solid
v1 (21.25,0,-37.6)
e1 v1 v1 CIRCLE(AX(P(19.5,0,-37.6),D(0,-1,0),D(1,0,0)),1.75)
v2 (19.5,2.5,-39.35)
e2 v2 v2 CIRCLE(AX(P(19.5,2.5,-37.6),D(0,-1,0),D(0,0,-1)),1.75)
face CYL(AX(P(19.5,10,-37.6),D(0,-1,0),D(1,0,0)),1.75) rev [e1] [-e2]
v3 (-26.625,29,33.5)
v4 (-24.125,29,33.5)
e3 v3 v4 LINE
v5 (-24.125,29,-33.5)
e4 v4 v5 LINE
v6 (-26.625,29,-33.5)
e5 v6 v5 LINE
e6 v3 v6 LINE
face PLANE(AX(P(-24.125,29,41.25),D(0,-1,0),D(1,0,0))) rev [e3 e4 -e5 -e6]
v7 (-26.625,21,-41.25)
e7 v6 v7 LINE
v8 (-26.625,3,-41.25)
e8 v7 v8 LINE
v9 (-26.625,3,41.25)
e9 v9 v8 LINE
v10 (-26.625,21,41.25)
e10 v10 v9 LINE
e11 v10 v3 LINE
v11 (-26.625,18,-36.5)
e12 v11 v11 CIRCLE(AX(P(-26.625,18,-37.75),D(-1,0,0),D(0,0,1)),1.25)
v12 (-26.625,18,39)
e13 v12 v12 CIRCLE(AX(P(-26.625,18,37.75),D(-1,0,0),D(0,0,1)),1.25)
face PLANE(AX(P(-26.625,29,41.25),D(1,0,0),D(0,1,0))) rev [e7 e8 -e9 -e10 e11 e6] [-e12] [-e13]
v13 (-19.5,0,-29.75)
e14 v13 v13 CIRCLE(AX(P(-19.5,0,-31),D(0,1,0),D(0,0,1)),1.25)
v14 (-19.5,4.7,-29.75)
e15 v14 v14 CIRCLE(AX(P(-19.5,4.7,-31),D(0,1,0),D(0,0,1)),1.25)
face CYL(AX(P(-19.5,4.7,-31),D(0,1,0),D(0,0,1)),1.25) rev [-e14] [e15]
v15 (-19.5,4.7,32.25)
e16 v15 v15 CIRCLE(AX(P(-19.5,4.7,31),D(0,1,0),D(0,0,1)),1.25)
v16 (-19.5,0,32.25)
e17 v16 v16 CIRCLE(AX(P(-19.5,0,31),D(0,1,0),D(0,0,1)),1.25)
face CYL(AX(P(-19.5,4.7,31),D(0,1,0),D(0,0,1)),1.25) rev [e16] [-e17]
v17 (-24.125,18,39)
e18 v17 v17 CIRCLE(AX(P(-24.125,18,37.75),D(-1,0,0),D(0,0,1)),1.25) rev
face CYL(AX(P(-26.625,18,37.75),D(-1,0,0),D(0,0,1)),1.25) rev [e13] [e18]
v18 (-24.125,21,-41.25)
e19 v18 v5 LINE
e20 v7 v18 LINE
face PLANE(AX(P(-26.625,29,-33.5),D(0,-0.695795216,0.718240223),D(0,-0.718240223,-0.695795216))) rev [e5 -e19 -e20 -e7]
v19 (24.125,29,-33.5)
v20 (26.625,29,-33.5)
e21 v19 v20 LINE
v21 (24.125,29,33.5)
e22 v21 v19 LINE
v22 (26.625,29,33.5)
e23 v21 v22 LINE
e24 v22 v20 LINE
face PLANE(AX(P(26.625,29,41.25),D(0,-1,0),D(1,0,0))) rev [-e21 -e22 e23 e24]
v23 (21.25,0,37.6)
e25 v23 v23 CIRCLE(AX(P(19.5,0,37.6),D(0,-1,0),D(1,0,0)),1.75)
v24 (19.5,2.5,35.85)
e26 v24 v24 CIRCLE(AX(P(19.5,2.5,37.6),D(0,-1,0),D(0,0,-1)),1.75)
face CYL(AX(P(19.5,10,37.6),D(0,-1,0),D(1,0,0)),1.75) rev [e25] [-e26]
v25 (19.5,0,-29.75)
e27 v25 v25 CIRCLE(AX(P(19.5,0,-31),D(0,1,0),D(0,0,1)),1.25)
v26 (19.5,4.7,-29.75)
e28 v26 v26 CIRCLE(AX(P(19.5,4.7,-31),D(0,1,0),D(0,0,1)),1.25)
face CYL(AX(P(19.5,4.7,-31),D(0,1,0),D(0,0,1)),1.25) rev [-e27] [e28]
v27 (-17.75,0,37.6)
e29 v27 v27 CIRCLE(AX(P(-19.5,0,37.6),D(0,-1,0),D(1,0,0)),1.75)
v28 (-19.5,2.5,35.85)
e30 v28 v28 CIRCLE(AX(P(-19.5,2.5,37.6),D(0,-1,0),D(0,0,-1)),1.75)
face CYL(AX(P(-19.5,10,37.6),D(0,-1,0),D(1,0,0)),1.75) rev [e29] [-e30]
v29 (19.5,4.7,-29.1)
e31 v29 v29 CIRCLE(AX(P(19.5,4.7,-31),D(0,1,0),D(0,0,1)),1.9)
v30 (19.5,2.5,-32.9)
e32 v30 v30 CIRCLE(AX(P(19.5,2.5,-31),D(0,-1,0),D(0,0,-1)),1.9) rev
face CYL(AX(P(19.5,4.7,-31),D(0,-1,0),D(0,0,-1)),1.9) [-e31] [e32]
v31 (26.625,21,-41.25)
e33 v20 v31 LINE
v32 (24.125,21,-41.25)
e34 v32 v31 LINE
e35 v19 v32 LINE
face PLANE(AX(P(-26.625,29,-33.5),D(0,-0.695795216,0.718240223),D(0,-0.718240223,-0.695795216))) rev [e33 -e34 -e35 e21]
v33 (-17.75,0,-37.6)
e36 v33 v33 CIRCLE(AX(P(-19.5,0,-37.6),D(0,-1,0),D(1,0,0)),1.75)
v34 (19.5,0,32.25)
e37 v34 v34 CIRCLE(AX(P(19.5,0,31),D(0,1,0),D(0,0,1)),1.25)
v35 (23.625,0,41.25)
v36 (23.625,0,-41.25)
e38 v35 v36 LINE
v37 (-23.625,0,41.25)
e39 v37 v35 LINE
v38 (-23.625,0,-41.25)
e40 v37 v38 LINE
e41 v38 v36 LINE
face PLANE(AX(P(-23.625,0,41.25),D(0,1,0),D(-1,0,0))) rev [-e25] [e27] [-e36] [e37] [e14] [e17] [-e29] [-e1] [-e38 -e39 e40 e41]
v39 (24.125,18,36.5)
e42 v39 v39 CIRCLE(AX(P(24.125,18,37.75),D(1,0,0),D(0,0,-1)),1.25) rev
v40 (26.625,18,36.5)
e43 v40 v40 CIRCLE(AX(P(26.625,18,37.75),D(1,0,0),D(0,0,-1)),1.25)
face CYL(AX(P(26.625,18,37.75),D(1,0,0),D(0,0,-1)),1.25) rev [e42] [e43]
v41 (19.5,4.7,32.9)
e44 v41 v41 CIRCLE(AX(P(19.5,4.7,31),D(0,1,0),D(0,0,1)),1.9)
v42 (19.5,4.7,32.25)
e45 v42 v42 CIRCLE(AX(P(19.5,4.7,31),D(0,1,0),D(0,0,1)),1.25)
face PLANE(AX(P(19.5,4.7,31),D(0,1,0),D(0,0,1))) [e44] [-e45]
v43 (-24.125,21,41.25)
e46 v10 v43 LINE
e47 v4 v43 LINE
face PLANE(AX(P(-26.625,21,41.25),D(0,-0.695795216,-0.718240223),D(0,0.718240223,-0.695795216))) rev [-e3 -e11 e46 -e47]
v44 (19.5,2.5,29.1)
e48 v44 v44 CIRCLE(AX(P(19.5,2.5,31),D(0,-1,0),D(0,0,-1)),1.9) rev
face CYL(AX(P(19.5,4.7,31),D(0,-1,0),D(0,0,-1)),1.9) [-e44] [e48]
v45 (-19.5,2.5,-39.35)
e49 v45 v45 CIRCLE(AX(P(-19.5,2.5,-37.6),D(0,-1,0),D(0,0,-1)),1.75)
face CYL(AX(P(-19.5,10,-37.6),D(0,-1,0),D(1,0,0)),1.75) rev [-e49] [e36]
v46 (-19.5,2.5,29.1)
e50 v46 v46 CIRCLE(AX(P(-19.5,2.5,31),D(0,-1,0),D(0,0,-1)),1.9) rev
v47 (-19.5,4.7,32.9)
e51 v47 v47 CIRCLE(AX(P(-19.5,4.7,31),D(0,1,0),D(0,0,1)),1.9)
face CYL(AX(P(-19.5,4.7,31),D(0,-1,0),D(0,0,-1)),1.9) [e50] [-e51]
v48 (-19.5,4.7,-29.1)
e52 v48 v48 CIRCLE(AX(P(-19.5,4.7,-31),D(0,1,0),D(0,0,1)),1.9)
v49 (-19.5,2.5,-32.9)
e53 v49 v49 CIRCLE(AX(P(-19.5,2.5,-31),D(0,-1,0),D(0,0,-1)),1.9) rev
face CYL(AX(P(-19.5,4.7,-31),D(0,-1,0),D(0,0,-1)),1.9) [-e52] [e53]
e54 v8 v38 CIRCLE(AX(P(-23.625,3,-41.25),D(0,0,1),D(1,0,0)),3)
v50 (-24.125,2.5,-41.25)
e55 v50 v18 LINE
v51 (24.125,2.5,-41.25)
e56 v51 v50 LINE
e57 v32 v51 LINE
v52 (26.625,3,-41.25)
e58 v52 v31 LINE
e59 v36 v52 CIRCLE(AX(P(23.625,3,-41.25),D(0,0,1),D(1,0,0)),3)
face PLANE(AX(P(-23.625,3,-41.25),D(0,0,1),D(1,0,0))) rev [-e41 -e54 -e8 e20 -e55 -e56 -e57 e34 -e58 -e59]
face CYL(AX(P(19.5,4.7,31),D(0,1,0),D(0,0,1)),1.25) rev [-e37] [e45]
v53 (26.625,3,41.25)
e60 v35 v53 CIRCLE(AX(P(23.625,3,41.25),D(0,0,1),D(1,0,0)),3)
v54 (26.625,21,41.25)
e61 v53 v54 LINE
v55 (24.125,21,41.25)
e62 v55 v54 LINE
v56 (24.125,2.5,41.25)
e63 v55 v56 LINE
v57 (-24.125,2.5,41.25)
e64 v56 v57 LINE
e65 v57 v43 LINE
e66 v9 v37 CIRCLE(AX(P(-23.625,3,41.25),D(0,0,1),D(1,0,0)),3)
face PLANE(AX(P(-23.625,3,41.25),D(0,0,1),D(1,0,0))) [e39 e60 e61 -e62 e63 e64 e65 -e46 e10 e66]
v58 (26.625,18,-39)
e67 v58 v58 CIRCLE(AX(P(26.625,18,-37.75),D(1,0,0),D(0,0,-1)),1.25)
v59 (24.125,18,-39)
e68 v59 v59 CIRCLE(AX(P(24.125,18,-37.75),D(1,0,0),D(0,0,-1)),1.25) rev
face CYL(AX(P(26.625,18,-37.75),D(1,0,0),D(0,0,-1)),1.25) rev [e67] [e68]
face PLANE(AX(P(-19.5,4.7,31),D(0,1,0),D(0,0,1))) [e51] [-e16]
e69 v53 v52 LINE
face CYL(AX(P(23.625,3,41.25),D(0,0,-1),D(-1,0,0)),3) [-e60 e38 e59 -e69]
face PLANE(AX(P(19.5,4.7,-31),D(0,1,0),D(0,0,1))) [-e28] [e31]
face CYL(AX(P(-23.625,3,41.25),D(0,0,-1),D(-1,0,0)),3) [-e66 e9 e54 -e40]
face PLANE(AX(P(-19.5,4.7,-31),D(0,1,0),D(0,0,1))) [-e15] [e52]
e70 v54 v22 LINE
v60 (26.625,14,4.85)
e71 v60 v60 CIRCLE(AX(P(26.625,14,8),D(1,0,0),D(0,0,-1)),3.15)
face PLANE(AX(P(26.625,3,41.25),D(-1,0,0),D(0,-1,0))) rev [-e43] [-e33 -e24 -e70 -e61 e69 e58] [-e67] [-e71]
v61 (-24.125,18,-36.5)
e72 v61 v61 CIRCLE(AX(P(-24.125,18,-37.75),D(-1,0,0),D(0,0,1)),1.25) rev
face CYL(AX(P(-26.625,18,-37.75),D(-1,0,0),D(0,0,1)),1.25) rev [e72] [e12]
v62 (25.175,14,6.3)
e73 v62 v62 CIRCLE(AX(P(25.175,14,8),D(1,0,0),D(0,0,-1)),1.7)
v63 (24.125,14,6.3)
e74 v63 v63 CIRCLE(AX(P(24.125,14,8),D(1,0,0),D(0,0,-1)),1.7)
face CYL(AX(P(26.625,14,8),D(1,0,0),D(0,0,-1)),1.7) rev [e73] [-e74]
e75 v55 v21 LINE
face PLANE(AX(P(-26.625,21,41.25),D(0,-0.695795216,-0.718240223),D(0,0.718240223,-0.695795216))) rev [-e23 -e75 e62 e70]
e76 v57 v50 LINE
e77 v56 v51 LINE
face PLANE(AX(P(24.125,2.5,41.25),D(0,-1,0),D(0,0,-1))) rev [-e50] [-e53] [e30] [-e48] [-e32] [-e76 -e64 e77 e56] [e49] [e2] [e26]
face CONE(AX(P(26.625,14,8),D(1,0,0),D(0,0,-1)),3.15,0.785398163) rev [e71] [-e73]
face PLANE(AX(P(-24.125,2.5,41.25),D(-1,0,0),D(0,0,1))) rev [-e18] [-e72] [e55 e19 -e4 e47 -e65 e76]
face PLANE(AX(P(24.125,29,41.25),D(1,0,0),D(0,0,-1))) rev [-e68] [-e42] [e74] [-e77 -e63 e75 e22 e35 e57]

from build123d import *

# Parameters (mm, degrees)
EXTRUDE_1_DEPTH               = 41.25
CUT_EXTRUDE_1_DEPTH           = 58.02151458
CUT_EXTRUDE_1_DEPTH_BACK      = 58.02151458
SKETCH_4_R                    = 1.75
CUT_EXTRUDE_2_DEPTH           = 10
HOLE_WIZARD_M31_REACH         = 75.336
HOLE_WIZARD_M31_BORE_R        = 1.25
HOLE_WIZARD_M32_D             = 2.5
SKETCH_10_R                   = 1.9
EXTRUDE_2_DEPTH               = 2.2
HOLE_WIZARD_M33_D             = 2.5
HOLE_WIZARD_M31_2_D           = 3.4
HOLE_WIZARD_M31_2_DEPTH       = 8.5
HOLE_WIZARD_M31_2_CSINK_D     = 6.3
HOLE_WIZARD_M31_2_CSINK_ANGLE = 90
HOLE_WIZARD_M31_2_TIP         = 1.021463052


with BuildPart() as part:
    # Эскиз1 → Бобышка-Вытянуть1 (new, symmetric)
    with BuildSketch(Plane.XY):
        with BuildLine():
            Line((-26.625, 29), (-26.625, 3))
            ThreePointArc((-26.625, 3), (-25.746320344, 0.878679656), (-23.625, 0))
            Line((-23.625, 0), (23.625, 0))
            ThreePointArc((23.625, 0), (25.746320344, 0.878679656), (26.625, 3))
            Line((26.625, 3), (26.625, 29))
            Line((26.625, 29), (24.125, 29))
            Line((24.125, 29), (24.125, 2.5))
            Line((24.125, 2.5), (-24.125, 2.5))
            Line((-24.125, 2.5), (-24.125, 29))
            Line((-24.125, 29), (-26.625, 29))
        make_face()
    extrude(amount=EXTRUDE_1_DEPTH, both=True)

    # Эскиз3 → Вырез-Вытянуть1 (cut, two sides: drawn at the far end of the back side and taken through both)
    with BuildSketch(Plane(origin=(0, 0, 0), x_dir=(0, 0, -1), z_dir=(1, 0, 0)).offset(-CUT_EXTRUDE_1_DEPTH_BACK)):
        Polygon((41.25, 21), (41.25, 29), (33.5, 29), align=None)
        Polygon((-41.25, 21), (-41.25, 29), (-33.5, 29), align=None)
    extrude(amount=CUT_EXTRUDE_1_DEPTH + CUT_EXTRUDE_1_DEPTH_BACK, mode=Mode.SUBTRACT)

    # Эскиз4 → Вырез-Вытянуть2 (cut)
    with BuildSketch(Plane.XZ):
        with Locations((-19.5, -37.6)):
            Circle(SKETCH_4_R)
        with Locations((-19.5, 37.6)):
            Circle(SKETCH_4_R)
        with Locations((19.5, 37.6)):
            Circle(SKETCH_4_R)
        with Locations((19.5, -37.6)):
            Circle(SKETCH_4_R)
    extrude(amount=-CUT_EXTRUDE_2_DEPTH, mode=Mode.SUBTRACT)

    # Hole Wizard M31 bore → Hole Wizard M31 (cut, up to next)
    with BuildSketch(Plane(origin=(26.625, 0, 0), x_dir=(0, 0, -1), z_dir=(1, 0, 0)), mode=Mode.PRIVATE) as hole_wizard_m31_sk1:
        with Locations((37.75, 18)):
            Circle(HOLE_WIZARD_M31_BORE_R)
    hole_wizard_m31_tool1 = extrude(hole_wizard_m31_sk1.sketch, amount=-HOLE_WIZARD_M31_REACH, mode=Mode.PRIVATE) & part.part
    # Hole Wizard M31 bore → Hole Wizard M31 (cut, up to next)
    with BuildSketch(Plane(origin=(26.625, 0, 0), x_dir=(0, 0, -1), z_dir=(1, 0, 0)), mode=Mode.PRIVATE) as hole_wizard_m31_sk2:
        with Locations((-37.75, 18)):
            Circle(HOLE_WIZARD_M31_BORE_R)
    hole_wizard_m31_tool2 = extrude(hole_wizard_m31_sk2.sketch, amount=-HOLE_WIZARD_M31_REACH, mode=Mode.PRIVATE) & part.part
    add(hole_wizard_m31_tool1.solids().sort_by_distance((26.625, 18, -37.75))[0], mode=Mode.SUBTRACT)
    add(hole_wizard_m31_tool2.solids().sort_by_distance((26.625, 18, 37.75))[0], mode=Mode.SUBTRACT)

    # Отверстие обработанное метчиком M32 (through all)
    with Locations(Plane.ZY.offset(26.625)):
        with Locations((-37.75, 18), (37.75, 18)):
            Hole(HOLE_WIZARD_M32_D / 2)

    # Эскиз10 → Бобышка-Вытянуть2 (add)
    with BuildSketch(Plane(origin=(0, 2.5, 0), x_dir=(1, 0, 0), z_dir=(0, 1, 0))):
        with Locations(Location((19.5, 31, 0), (0, 0, 90))):
            Circle(SKETCH_10_R)
        with Locations(Location((19.5, -31, 0), (0, 0, 90))):
            Circle(SKETCH_10_R)
        with Locations(Location((-19.5, -31, 0), (0, 0, 90))):
            Circle(SKETCH_10_R)
        with Locations(Location((-19.5, 31, 0), (0, 0, 90))):
            Circle(SKETCH_10_R)
    extrude(amount=EXTRUDE_2_DEPTH)

    # Отверстие обработанное метчиком M33 (through all)
    with Locations(Plane(origin=(0, 4.7, 0), x_dir=(1, 0, 0), z_dir=(0, 1, 0))):
        with Locations((19.5, 31), (-19.5, 31), (19.5, -31), (-19.5, -31)):
            Hole(HOLE_WIZARD_M33_D / 2)

    # Hole Wizard M31 2
    with Locations(Plane(origin=(26.625, 0, 0), x_dir=(0, 0, -1), z_dir=(1, 0, 0))):
        with Locations((-8, 14)):
            CounterSinkHole(HOLE_WIZARD_M31_2_D / 2, HOLE_WIZARD_M31_2_CSINK_D / 2, depth=HOLE_WIZARD_M31_2_DEPTH, counter_sink_angle=HOLE_WIZARD_M31_2_CSINK_ANGLE)
            with Locations((0, 0, -(HOLE_WIZARD_M31_2_DEPTH + HOLE_WIZARD_M31_2_TIP / 2))):  # 118° drill point
                Cone(0, HOLE_WIZARD_M31_2_D / 2, HOLE_WIZARD_M31_2_TIP, mode=Mode.SUBTRACT)


solid = part.part
